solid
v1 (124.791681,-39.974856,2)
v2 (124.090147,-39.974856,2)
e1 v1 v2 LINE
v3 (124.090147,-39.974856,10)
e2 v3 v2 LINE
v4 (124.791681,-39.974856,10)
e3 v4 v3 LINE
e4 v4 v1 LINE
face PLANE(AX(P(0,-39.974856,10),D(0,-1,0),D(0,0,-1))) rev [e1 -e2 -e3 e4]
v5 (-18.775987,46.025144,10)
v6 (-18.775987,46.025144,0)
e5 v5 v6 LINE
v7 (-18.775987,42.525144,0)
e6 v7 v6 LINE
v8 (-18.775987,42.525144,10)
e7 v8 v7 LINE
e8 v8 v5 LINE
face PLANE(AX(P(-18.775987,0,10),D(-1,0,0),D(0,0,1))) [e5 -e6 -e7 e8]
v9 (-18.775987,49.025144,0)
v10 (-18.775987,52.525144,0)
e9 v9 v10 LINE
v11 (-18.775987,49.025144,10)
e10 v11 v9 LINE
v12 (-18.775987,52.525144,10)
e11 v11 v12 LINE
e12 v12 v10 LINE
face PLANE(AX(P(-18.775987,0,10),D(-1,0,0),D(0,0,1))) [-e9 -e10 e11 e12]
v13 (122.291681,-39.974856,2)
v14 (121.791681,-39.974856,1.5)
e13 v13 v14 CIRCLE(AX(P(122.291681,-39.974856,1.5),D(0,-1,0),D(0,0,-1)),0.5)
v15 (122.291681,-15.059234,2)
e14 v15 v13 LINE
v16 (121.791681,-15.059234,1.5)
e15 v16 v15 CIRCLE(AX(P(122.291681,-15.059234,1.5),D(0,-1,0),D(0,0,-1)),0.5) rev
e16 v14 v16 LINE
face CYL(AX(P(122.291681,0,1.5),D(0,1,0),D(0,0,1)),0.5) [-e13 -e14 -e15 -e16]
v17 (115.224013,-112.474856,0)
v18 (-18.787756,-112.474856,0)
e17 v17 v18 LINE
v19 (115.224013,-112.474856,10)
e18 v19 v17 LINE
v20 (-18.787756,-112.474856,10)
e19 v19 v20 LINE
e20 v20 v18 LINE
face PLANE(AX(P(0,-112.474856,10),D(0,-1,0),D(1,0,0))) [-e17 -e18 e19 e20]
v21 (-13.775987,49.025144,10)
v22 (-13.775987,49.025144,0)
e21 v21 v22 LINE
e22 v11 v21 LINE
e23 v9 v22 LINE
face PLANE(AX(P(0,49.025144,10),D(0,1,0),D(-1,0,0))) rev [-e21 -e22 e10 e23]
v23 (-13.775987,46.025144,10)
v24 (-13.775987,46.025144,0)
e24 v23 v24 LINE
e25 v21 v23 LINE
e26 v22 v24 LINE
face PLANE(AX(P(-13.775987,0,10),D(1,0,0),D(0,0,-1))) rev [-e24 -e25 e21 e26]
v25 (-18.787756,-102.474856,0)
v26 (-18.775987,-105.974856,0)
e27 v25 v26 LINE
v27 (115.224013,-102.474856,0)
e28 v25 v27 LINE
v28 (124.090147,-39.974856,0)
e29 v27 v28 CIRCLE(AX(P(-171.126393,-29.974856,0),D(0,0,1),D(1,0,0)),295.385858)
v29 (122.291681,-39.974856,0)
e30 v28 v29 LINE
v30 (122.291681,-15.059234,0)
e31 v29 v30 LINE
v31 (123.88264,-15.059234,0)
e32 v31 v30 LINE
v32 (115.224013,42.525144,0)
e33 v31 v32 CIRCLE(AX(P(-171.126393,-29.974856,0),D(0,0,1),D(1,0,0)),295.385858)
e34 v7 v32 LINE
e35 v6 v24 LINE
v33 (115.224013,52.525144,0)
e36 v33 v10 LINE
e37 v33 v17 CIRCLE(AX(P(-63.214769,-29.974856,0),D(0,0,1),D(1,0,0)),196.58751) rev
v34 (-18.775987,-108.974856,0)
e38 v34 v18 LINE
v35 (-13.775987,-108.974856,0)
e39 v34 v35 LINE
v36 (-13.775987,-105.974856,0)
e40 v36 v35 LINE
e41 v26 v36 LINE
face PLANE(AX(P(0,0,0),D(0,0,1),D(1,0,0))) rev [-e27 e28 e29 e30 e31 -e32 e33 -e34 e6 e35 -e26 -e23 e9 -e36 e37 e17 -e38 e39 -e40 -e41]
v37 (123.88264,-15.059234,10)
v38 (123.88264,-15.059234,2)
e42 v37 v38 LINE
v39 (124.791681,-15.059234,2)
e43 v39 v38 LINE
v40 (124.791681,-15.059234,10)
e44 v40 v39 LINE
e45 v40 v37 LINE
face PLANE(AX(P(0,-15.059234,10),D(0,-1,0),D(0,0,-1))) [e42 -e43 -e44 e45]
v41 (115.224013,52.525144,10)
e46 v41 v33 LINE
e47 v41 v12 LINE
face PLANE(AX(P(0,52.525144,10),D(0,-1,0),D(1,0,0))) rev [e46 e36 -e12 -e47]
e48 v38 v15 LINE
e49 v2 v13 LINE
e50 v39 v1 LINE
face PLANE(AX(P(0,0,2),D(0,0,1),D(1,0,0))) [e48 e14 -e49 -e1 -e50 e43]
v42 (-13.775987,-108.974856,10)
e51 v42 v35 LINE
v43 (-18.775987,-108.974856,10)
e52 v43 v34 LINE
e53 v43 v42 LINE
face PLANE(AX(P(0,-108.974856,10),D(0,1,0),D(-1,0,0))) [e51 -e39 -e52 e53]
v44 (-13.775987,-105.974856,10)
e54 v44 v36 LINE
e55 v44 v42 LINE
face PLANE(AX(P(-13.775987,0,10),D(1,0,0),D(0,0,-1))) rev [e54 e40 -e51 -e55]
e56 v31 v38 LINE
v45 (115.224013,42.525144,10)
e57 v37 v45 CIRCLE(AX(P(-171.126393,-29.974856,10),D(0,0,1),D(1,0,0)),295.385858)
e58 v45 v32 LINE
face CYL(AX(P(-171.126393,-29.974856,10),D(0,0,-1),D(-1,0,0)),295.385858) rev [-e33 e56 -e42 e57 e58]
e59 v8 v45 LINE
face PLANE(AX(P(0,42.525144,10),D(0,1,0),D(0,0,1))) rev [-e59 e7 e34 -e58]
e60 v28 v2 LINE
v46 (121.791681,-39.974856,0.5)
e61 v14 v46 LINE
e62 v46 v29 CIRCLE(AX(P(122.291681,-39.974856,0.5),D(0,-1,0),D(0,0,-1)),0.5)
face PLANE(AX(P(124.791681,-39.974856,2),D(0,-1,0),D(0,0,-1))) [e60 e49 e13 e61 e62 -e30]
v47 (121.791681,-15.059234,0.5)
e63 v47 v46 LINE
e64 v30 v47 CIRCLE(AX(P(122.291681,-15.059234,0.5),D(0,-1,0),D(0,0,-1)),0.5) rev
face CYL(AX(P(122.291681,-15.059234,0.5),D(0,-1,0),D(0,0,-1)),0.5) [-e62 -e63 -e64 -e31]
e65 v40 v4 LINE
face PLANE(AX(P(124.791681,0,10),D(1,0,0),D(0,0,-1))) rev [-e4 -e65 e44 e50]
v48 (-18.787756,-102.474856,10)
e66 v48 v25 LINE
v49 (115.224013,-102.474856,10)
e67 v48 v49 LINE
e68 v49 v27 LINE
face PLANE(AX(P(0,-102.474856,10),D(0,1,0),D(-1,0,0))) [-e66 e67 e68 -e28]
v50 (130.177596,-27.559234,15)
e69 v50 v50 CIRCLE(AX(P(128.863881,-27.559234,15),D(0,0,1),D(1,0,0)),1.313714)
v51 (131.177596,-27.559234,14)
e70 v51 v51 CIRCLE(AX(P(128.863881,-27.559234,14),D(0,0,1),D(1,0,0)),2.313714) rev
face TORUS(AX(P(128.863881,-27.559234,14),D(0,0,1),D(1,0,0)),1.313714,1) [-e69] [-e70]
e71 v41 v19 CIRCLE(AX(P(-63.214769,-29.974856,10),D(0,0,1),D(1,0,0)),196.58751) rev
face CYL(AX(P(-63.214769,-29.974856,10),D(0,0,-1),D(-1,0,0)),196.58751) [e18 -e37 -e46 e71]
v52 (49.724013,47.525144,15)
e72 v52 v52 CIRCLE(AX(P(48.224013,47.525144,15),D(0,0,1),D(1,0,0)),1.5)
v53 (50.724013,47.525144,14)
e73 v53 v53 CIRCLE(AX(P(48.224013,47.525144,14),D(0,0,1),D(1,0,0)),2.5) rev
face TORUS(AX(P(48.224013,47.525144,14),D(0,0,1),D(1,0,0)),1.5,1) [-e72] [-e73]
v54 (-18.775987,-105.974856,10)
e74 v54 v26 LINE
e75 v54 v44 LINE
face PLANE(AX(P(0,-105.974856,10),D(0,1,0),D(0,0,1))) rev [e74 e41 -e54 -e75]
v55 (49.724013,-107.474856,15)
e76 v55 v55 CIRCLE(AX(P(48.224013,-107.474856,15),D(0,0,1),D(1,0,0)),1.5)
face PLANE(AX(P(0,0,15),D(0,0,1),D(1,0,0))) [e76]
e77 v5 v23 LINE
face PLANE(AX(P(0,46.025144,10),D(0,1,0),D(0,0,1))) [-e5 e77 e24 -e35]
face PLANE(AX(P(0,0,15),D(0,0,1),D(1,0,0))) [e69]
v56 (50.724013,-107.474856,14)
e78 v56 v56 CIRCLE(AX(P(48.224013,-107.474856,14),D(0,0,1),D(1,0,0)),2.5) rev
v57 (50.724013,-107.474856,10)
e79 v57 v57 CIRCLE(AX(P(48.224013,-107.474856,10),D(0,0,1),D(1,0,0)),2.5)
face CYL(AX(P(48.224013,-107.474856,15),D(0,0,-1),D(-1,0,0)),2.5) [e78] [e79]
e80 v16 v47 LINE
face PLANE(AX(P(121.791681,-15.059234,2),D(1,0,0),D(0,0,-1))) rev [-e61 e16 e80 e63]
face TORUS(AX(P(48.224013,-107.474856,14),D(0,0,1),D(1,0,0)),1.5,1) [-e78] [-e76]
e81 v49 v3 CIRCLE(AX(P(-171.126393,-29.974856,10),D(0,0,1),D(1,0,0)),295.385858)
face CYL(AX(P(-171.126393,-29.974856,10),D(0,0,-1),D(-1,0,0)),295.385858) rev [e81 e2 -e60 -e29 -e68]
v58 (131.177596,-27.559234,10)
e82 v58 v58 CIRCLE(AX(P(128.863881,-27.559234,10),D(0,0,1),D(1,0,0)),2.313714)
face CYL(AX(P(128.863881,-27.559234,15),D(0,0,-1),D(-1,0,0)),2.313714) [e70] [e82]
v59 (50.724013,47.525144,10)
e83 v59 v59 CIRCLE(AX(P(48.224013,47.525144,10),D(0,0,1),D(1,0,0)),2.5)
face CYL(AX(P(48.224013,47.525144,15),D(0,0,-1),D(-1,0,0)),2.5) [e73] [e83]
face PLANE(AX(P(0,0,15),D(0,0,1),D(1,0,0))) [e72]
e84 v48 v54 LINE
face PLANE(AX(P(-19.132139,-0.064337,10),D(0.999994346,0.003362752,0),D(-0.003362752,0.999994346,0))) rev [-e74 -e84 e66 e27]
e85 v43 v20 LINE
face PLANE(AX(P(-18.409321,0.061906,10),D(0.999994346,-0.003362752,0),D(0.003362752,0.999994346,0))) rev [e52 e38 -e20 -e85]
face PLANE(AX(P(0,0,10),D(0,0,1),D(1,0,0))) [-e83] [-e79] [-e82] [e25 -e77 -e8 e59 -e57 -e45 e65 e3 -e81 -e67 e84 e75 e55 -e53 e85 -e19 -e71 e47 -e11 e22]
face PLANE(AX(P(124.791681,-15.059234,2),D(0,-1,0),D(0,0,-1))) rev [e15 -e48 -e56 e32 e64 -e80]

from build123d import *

# Parameters (mm, degrees)
ESQUISSE1_R         = 2.5
ESQUISSE1_R_2       = 2.313714448
BOSS_EXTRU_9_DEPTH  = 10
ESQUISSE1_31_W      = 3
ESQUISSE1_31_H      = 24.915622322
BOSS_EXTRU_10_DEPTH = 2
ESQUISSE1_32_R      = 2.313714448
ESQUISSE1_32_R_2    = 2.5
BOSS_EXTRU_11_DEPTH = 15
CONG_1_R            = 1
CONG_2_R            = 0.5


with BuildPart() as part:
    # Esquisse1 → Boss.-Extru.9 (new body)
    with BuildSketch(Plane.XY):
        with BuildLine():
            Line((115.224013388, -102.474855986), (-18.787756311, -102.474855986))
            Line((-18.787756311, -102.474855986), (-18.775986612, -105.974855986))
            Line((-18.775986612, -105.974855986), (-13.775986612, -105.974855986))
            Line((-13.775986612, -105.974855986), (-13.775986612, -108.974855986))
            Line((-13.775986612, -108.974855986), (-18.775986612, -108.974855986))
            Line((-18.775986612, -108.974855986), (-18.787756311, -112.474855986))
            Line((-18.787756311, -112.474855986), (115.224013388, -112.474855986))
            ThreePointArc((115.224013388, -112.474855986), (133.372740942, -29.974855986), (115.224013388, 52.525144014))
            Line((115.224013388, 52.525144014), (-18.775986612, 52.525144014))
            Line((-18.775986612, 52.525144014), (-18.775986612, 49.025144014))
            Line((-18.775986612, 49.025144014), (-13.775986612, 49.025144014))
            Line((-13.775986612, 49.025144014), (-13.775986612, 46.025144014))
            Line((-13.775986612, 46.025144014), (-18.775986612, 46.025144014))
            Line((-18.775986612, 46.025144014), (-18.775986612, 42.525144014))
            Line((-18.775986612, 42.525144014), (115.224013388, 42.525144014))
            ThreePointArc((115.224013388, 42.525144014), (120.975797216, 13.946843769), (123.882639826, -15.059233664))
            Line((123.882639826, -15.059233664), (124.791681137, -15.059233664))
            Line((124.791681137, -15.059233664), (124.791681137, -39.974855986))
            Line((124.791681137, -39.974855986), (124.090146574, -39.974855986))
            ThreePointArc((124.090146574, -39.974855986), (121.331451242, -71.462379164), (115.224013388, -102.474855986))
        make_face()
        with Locations((48.224013388, -107.474855986)):
            Circle(ESQUISSE1_R, mode=Mode.SUBTRACT)
        with Locations((128.863881441, -27.559233664)):
            Circle(ESQUISSE1_R_2, mode=Mode.SUBTRACT)
        with Locations((48.224013388, 47.525144014)):
            Circle(ESQUISSE1_R, mode=Mode.SUBTRACT)
    extrude(amount=BOSS_EXTRU_9_DEPTH)

    # Esquisse1<31> → Boss.-Extru.10 (add)
    with BuildSketch(Plane.XY):
        with Locations((123.291681137, -27.517044825)):
            Rectangle(ESQUISSE1_31_W, ESQUISSE1_31_H)
    extrude(amount=BOSS_EXTRU_10_DEPTH)

    # Esquisse1<32> → Boss.-Extru.11 (add)
    with BuildSketch(Plane.XY):
        with Locations((128.863881441, -27.559233664)):
            Circle(ESQUISSE1_32_R)
        with Locations((48.224013388, -107.474855986)):
            Circle(ESQUISSE1_32_R_2)
        with Locations((48.224013388, 47.525144014)):
            Circle(ESQUISSE1_32_R_2)
    extrude(amount=BOSS_EXTRU_11_DEPTH)

    # Congé1
    cong_1_edges = [part.edges().sort_by_distance(p)[0] for p in [
        (45.724013388, 47.525144014, 15),
        (126.550166993, -27.559233664, 15),
        (45.724013388, -107.474855986, 15),
    ]]
    fillet(cong_1_edges, radius=CONG_1_R)

    # Congé2
    cong_2_edges = [part.edges().sort_by_distance(p)[0] for p in [
        (121.791681137, -27.517044825, 0),
        (121.791681137, -27.517044825, 2),
    ]]
    fillet(cong_2_edges, radius=CONG_2_R)


solid = part.part
